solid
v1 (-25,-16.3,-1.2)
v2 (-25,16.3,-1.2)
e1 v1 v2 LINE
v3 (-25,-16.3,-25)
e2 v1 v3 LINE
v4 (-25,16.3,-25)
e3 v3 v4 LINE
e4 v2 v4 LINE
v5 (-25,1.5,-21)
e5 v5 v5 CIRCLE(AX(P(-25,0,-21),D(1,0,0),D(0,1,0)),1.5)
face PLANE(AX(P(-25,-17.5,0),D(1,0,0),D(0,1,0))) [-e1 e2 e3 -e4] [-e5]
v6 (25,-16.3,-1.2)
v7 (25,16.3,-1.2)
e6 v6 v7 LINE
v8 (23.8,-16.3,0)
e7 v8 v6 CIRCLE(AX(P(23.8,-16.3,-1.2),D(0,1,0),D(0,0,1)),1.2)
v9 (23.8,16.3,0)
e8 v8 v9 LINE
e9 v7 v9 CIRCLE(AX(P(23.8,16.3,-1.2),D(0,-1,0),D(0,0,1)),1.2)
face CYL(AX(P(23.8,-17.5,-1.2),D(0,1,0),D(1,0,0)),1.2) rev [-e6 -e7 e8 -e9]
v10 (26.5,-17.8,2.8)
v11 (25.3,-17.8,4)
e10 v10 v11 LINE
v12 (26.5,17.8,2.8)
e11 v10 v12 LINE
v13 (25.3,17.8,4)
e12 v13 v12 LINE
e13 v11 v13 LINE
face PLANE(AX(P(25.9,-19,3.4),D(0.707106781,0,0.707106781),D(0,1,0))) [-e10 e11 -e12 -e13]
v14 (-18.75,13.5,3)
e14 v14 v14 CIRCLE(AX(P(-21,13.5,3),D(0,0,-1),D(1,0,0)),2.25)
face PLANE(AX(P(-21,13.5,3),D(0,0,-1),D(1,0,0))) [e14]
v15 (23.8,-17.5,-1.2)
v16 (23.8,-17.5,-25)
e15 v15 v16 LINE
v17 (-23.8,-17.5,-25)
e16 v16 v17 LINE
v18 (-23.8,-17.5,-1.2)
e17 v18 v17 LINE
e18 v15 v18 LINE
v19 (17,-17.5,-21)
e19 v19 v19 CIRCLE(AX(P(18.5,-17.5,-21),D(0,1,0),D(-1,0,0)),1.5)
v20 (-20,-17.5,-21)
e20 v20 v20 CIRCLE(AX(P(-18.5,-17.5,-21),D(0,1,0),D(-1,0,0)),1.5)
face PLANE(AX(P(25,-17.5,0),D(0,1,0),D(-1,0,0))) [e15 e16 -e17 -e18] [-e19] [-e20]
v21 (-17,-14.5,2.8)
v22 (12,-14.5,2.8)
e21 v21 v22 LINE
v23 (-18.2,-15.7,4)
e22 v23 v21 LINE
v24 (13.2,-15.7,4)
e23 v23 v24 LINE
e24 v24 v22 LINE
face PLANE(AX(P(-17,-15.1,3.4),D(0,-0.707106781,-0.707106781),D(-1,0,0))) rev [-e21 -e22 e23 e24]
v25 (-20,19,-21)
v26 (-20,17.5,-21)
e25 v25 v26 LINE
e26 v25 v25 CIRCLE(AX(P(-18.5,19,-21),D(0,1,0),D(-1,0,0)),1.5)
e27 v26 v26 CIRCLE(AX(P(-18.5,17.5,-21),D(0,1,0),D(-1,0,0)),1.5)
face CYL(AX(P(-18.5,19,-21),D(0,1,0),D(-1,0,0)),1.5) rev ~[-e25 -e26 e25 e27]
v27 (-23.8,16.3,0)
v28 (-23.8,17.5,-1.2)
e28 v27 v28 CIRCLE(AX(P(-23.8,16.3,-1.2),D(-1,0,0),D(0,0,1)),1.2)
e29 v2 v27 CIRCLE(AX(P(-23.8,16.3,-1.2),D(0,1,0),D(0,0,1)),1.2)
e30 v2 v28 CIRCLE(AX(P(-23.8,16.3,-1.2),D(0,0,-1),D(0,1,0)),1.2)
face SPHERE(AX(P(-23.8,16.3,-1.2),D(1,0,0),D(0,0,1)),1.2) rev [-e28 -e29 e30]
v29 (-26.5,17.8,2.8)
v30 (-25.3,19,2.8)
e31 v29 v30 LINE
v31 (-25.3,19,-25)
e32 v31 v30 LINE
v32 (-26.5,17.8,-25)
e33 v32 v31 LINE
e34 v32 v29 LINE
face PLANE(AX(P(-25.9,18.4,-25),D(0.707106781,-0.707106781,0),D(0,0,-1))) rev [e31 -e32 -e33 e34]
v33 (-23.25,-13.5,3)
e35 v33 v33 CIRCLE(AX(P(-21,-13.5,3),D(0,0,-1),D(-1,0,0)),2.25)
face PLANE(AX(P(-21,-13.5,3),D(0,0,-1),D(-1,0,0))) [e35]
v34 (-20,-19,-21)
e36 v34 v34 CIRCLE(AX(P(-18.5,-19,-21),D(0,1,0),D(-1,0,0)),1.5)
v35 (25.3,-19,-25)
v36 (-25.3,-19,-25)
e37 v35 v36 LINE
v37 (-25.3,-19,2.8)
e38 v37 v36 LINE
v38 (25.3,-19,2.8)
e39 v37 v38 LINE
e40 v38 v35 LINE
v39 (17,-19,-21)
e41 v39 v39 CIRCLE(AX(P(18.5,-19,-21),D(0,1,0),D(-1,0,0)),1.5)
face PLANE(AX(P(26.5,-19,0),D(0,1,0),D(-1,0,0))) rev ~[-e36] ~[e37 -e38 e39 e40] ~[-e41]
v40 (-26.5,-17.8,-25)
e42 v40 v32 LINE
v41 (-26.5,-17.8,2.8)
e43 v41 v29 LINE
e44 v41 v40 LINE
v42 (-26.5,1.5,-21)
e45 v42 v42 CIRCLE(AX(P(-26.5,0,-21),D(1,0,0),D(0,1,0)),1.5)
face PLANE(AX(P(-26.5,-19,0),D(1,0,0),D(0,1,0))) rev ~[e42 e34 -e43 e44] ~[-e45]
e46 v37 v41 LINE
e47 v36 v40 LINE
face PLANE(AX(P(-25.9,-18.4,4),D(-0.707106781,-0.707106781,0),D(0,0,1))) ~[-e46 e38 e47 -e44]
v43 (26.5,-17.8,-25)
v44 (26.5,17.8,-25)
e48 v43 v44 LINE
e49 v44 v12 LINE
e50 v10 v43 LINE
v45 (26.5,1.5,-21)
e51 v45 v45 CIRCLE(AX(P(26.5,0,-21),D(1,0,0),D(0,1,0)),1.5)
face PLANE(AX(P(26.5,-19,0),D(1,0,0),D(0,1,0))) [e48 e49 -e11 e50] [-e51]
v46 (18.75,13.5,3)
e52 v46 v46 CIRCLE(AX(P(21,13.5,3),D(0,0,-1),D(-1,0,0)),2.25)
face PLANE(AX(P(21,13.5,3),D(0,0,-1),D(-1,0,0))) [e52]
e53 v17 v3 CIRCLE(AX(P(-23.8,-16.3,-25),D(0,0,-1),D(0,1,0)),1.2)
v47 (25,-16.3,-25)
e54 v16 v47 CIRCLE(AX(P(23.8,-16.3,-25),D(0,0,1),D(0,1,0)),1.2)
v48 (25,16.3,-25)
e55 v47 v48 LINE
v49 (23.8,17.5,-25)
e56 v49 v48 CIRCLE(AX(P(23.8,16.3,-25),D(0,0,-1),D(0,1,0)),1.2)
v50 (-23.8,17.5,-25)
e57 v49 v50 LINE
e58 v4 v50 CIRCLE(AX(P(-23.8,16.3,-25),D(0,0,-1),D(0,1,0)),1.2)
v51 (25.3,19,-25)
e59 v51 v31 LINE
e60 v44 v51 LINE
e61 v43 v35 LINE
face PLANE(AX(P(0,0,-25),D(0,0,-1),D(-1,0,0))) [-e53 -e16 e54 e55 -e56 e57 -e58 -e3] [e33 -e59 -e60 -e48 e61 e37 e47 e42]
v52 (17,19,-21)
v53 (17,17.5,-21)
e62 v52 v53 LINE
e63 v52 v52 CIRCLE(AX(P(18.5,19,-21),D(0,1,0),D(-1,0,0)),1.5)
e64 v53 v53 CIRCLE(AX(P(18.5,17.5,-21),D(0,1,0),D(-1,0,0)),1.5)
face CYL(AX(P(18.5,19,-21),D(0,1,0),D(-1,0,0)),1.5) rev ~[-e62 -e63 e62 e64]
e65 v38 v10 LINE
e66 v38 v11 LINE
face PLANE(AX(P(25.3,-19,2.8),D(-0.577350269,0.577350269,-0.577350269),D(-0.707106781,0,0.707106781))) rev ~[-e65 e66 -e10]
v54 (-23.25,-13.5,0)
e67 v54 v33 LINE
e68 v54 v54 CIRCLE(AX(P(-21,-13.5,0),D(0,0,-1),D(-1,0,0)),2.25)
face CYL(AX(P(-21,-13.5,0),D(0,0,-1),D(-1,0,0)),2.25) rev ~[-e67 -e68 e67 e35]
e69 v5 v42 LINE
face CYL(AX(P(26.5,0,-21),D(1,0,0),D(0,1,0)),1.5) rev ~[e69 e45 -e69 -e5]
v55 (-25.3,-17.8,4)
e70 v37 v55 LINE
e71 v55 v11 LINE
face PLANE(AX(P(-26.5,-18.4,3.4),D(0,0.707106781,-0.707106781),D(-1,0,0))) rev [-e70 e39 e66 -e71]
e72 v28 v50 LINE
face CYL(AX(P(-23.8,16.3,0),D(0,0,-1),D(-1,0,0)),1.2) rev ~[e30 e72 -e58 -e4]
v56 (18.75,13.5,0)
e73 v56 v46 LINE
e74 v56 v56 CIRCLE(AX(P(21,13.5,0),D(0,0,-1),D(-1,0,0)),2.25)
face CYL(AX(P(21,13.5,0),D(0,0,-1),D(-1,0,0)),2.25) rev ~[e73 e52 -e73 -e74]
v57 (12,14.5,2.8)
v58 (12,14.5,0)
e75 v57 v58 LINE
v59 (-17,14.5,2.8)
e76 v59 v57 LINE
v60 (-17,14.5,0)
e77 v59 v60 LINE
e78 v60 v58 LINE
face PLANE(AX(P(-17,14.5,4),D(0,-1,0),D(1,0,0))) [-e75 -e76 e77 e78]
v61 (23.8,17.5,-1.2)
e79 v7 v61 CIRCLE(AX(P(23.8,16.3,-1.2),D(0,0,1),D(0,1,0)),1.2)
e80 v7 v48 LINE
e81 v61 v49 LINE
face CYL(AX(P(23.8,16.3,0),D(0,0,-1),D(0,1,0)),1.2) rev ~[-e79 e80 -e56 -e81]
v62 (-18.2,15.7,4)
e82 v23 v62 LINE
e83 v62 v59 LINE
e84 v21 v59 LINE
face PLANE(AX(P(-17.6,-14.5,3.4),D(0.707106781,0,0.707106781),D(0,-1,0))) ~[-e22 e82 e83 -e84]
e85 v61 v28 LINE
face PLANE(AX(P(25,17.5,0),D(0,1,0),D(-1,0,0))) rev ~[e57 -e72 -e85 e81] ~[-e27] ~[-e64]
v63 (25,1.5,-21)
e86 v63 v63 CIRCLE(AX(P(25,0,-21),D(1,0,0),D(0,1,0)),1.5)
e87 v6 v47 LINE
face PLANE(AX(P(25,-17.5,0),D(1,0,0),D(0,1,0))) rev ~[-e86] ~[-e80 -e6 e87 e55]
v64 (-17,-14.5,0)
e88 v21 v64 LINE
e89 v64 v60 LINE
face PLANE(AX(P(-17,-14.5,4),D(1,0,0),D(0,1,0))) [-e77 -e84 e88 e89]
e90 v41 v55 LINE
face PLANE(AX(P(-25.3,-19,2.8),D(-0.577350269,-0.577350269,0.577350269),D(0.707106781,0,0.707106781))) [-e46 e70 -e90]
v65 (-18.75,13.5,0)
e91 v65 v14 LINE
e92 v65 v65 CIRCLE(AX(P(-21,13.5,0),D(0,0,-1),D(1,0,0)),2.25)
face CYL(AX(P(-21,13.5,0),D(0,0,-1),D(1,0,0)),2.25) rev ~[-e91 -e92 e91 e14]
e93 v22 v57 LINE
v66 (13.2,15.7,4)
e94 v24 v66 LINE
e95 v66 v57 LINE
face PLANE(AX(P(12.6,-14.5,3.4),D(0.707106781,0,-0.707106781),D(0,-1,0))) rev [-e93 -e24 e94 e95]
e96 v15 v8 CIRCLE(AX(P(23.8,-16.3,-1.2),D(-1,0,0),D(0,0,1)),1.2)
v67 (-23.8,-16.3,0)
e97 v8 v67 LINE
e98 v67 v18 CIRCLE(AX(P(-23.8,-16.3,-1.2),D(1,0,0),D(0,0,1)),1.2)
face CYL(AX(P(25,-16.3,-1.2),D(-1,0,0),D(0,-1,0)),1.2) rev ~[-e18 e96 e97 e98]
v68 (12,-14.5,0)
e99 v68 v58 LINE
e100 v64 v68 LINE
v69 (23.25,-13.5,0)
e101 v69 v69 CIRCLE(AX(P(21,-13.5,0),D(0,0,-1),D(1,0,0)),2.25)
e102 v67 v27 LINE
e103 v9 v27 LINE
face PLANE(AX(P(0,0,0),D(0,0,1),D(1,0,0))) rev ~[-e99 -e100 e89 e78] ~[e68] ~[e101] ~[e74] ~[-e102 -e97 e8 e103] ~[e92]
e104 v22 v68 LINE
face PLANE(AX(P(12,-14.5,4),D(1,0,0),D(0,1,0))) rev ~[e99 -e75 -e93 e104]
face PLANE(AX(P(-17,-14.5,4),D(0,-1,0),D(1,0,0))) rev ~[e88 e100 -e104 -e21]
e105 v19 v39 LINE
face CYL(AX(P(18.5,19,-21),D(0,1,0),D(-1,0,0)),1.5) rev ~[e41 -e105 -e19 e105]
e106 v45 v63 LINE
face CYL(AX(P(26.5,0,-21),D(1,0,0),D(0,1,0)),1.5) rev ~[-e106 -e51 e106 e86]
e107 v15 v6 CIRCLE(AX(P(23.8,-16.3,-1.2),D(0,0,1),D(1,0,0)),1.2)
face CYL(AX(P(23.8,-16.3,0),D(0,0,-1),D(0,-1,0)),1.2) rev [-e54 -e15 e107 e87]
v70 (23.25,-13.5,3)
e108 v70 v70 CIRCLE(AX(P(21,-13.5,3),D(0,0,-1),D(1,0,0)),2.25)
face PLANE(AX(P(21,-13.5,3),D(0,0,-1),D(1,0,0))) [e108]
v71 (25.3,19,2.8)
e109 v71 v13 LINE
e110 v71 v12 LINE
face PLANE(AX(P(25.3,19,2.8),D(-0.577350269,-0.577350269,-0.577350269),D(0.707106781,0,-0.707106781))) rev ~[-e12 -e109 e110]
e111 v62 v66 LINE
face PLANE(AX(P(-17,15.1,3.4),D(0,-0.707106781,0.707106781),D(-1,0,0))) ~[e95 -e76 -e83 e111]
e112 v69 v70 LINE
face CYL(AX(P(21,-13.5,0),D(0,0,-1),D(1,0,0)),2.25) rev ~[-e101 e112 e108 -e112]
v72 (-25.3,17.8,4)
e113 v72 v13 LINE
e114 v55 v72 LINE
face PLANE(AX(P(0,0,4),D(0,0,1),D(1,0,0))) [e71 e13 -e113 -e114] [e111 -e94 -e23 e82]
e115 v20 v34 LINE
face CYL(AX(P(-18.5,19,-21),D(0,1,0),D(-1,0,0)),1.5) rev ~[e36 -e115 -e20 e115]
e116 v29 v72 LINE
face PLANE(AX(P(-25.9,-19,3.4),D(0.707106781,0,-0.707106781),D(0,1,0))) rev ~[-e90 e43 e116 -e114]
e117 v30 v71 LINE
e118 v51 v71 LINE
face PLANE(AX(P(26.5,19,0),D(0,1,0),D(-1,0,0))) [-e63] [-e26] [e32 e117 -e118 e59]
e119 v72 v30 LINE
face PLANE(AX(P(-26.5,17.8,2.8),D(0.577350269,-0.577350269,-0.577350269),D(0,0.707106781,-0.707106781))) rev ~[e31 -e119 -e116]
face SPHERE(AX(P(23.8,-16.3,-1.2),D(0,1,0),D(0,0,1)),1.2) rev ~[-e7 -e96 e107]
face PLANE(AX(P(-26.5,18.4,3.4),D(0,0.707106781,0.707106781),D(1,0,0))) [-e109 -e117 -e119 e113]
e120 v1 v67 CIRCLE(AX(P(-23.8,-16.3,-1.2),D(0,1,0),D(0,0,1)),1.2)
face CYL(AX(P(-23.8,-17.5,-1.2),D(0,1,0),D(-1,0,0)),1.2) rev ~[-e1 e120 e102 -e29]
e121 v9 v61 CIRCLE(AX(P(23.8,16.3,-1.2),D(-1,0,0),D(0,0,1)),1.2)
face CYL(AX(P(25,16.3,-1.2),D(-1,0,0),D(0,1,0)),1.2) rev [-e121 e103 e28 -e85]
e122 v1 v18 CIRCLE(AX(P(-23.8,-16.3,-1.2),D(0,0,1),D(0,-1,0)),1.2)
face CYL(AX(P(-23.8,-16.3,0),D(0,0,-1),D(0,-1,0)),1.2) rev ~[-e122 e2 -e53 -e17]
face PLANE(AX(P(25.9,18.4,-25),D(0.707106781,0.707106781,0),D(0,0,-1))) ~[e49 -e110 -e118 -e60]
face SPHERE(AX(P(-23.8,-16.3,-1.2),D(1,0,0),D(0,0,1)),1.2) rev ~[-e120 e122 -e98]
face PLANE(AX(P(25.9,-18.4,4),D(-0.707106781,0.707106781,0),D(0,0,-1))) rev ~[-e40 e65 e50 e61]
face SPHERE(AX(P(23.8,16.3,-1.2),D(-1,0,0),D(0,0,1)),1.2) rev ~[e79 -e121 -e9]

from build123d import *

# Parameters (mm, degrees)
ESQUISSE1_W                  = 53
ESQUISSE1_H                  = 38
BASE_DEPTH                   = 4
ESQUISSE2_W                  = 29
ESQUISSE2_H                  = 29
SCREEN_DEPTH                 = 4
ESQUISSE5_R                  = 2.25
INSERTS_M3_DEPTH             = 3
ESQUISSE6_W                  = 53
ESQUISSE6_H                  = 38
ESQUISSE6_W_2                = 50
ESQUISSE6_H_2                = 35
WALLS_DEPTH                  = 25
CHANFREIN_EXT_SIZE           = 1.2
CONG_1_R                     = 1.2
ESQUISSE7_R                  = 1.5
PASSAGE_VIS_HORIZONTAL_DEPTH = 62.603571325
ESQUISSE9_R                  = 1.5
PASSAGE_VIS_VERTICAL_DEPTH   = 53.642663306


with BuildPart() as part:
    # Esquisse1 → BASE (new body)
    with BuildSketch(Plane.XY):
        Rectangle(ESQUISSE1_W, ESQUISSE1_H)
    extrude(amount=BASE_DEPTH)

    # Esquisse2 → Screen (cut)
    with BuildSketch(Plane.XY.offset(4)):
        with Locations((-2.5, 0)):
            Rectangle(ESQUISSE2_W, ESQUISSE2_H)
    extrude(amount=-SCREEN_DEPTH, mode=Mode.SUBTRACT)

    # Esquisse5 → Inserts_M3 (cut)
    with BuildSketch(Plane(origin=(0, 0, 0), x_dir=(-1, 0, 0), z_dir=(0, 0, -1))):
        with Locations((-21, 13.5)):
            Circle(ESQUISSE5_R)
        with Locations(Location((-21, -13.5, 0), (0, 0, 180))):
            Circle(ESQUISSE5_R)
        with Locations((21, -13.5)):
            Circle(ESQUISSE5_R)
        with Locations(Location((21, 13.5, 0), (0, 0, 180))):
            Circle(ESQUISSE5_R)
    extrude(amount=-INSERTS_M3_DEPTH, mode=Mode.SUBTRACT)

    # Esquisse6 → Walls (add)
    with BuildSketch(Plane(origin=(0, 0, 0), x_dir=(-1, 0, 0), z_dir=(0, 0, -1))):
        Rectangle(ESQUISSE6_W, ESQUISSE6_H)
        Rectangle(ESQUISSE6_W_2, ESQUISSE6_H_2, mode=Mode.SUBTRACT)
    extrude(amount=WALLS_DEPTH)

    # Chanfrein_EXT
    chanfrein_ext_edges = [part.edges().sort_by_distance(p)[0] for p in [
        (26.5, 0, 4),
        (0, 19, 4),
        (-17, 0, 4),
        (-2.5, -14.5, 4),
        (12, 0, 4),
        (-2.5, 14.5, 4),
        (-26.5, 0, 4),
        (-26.5, 19, -10.5),
        (26.5, 19, -10.5),
        (26.5, -19, -10.5),
        (-26.5, -19, -10.5),
        (0, -19, 4),
    ]]
    chamfer(chanfrein_ext_edges, length=CHANFREIN_EXT_SIZE)

    # Congé1
    cong_1_edges = [part.edges().sort_by_distance(p)[0] for p in [
        (0, 17.5, 0),
        (25, 0, 0),
        (0, -17.5, 0),
        (-25, 0, 0),
        (25, 17.5, -12.5),
        (25, -17.5, -12.5),
        (-25, -17.5, -12.5),
        (-25, 17.5, -12.5),
    ]]
    fillet(cong_1_edges, radius=CONG_1_R)

    # Esquisse7 → Passage_Vis_Horizontal (cut, through all)
    with BuildSketch(Plane(origin=(26.5, 0, 0), x_dir=(0, 0, -1), z_dir=(1, 0, 0))):
        with Locations(Location((21, 0, 0), (0, 0, 90))):
            Circle(ESQUISSE7_R)
    extrude(amount=-PASSAGE_VIS_HORIZONTAL_DEPTH, mode=Mode.SUBTRACT)

    # Esquisse9 → Passage_Vis_Vertical (cut, through all)
    with BuildSketch(Plane(origin=(0, 19, 0), x_dir=(1, 0, 0), z_dir=(0, 1, 0))):
        with Locations(Location((-18.5, 21, 0), (0, 0, 180))):
            Circle(ESQUISSE9_R)
        with Locations(Location((18.5, 21, 0), (0, 0, 180))):
            Circle(ESQUISSE9_R)
    extrude(amount=-PASSAGE_VIS_VERTICAL_DEPTH, mode=Mode.SUBTRACT)


solid = part.part
